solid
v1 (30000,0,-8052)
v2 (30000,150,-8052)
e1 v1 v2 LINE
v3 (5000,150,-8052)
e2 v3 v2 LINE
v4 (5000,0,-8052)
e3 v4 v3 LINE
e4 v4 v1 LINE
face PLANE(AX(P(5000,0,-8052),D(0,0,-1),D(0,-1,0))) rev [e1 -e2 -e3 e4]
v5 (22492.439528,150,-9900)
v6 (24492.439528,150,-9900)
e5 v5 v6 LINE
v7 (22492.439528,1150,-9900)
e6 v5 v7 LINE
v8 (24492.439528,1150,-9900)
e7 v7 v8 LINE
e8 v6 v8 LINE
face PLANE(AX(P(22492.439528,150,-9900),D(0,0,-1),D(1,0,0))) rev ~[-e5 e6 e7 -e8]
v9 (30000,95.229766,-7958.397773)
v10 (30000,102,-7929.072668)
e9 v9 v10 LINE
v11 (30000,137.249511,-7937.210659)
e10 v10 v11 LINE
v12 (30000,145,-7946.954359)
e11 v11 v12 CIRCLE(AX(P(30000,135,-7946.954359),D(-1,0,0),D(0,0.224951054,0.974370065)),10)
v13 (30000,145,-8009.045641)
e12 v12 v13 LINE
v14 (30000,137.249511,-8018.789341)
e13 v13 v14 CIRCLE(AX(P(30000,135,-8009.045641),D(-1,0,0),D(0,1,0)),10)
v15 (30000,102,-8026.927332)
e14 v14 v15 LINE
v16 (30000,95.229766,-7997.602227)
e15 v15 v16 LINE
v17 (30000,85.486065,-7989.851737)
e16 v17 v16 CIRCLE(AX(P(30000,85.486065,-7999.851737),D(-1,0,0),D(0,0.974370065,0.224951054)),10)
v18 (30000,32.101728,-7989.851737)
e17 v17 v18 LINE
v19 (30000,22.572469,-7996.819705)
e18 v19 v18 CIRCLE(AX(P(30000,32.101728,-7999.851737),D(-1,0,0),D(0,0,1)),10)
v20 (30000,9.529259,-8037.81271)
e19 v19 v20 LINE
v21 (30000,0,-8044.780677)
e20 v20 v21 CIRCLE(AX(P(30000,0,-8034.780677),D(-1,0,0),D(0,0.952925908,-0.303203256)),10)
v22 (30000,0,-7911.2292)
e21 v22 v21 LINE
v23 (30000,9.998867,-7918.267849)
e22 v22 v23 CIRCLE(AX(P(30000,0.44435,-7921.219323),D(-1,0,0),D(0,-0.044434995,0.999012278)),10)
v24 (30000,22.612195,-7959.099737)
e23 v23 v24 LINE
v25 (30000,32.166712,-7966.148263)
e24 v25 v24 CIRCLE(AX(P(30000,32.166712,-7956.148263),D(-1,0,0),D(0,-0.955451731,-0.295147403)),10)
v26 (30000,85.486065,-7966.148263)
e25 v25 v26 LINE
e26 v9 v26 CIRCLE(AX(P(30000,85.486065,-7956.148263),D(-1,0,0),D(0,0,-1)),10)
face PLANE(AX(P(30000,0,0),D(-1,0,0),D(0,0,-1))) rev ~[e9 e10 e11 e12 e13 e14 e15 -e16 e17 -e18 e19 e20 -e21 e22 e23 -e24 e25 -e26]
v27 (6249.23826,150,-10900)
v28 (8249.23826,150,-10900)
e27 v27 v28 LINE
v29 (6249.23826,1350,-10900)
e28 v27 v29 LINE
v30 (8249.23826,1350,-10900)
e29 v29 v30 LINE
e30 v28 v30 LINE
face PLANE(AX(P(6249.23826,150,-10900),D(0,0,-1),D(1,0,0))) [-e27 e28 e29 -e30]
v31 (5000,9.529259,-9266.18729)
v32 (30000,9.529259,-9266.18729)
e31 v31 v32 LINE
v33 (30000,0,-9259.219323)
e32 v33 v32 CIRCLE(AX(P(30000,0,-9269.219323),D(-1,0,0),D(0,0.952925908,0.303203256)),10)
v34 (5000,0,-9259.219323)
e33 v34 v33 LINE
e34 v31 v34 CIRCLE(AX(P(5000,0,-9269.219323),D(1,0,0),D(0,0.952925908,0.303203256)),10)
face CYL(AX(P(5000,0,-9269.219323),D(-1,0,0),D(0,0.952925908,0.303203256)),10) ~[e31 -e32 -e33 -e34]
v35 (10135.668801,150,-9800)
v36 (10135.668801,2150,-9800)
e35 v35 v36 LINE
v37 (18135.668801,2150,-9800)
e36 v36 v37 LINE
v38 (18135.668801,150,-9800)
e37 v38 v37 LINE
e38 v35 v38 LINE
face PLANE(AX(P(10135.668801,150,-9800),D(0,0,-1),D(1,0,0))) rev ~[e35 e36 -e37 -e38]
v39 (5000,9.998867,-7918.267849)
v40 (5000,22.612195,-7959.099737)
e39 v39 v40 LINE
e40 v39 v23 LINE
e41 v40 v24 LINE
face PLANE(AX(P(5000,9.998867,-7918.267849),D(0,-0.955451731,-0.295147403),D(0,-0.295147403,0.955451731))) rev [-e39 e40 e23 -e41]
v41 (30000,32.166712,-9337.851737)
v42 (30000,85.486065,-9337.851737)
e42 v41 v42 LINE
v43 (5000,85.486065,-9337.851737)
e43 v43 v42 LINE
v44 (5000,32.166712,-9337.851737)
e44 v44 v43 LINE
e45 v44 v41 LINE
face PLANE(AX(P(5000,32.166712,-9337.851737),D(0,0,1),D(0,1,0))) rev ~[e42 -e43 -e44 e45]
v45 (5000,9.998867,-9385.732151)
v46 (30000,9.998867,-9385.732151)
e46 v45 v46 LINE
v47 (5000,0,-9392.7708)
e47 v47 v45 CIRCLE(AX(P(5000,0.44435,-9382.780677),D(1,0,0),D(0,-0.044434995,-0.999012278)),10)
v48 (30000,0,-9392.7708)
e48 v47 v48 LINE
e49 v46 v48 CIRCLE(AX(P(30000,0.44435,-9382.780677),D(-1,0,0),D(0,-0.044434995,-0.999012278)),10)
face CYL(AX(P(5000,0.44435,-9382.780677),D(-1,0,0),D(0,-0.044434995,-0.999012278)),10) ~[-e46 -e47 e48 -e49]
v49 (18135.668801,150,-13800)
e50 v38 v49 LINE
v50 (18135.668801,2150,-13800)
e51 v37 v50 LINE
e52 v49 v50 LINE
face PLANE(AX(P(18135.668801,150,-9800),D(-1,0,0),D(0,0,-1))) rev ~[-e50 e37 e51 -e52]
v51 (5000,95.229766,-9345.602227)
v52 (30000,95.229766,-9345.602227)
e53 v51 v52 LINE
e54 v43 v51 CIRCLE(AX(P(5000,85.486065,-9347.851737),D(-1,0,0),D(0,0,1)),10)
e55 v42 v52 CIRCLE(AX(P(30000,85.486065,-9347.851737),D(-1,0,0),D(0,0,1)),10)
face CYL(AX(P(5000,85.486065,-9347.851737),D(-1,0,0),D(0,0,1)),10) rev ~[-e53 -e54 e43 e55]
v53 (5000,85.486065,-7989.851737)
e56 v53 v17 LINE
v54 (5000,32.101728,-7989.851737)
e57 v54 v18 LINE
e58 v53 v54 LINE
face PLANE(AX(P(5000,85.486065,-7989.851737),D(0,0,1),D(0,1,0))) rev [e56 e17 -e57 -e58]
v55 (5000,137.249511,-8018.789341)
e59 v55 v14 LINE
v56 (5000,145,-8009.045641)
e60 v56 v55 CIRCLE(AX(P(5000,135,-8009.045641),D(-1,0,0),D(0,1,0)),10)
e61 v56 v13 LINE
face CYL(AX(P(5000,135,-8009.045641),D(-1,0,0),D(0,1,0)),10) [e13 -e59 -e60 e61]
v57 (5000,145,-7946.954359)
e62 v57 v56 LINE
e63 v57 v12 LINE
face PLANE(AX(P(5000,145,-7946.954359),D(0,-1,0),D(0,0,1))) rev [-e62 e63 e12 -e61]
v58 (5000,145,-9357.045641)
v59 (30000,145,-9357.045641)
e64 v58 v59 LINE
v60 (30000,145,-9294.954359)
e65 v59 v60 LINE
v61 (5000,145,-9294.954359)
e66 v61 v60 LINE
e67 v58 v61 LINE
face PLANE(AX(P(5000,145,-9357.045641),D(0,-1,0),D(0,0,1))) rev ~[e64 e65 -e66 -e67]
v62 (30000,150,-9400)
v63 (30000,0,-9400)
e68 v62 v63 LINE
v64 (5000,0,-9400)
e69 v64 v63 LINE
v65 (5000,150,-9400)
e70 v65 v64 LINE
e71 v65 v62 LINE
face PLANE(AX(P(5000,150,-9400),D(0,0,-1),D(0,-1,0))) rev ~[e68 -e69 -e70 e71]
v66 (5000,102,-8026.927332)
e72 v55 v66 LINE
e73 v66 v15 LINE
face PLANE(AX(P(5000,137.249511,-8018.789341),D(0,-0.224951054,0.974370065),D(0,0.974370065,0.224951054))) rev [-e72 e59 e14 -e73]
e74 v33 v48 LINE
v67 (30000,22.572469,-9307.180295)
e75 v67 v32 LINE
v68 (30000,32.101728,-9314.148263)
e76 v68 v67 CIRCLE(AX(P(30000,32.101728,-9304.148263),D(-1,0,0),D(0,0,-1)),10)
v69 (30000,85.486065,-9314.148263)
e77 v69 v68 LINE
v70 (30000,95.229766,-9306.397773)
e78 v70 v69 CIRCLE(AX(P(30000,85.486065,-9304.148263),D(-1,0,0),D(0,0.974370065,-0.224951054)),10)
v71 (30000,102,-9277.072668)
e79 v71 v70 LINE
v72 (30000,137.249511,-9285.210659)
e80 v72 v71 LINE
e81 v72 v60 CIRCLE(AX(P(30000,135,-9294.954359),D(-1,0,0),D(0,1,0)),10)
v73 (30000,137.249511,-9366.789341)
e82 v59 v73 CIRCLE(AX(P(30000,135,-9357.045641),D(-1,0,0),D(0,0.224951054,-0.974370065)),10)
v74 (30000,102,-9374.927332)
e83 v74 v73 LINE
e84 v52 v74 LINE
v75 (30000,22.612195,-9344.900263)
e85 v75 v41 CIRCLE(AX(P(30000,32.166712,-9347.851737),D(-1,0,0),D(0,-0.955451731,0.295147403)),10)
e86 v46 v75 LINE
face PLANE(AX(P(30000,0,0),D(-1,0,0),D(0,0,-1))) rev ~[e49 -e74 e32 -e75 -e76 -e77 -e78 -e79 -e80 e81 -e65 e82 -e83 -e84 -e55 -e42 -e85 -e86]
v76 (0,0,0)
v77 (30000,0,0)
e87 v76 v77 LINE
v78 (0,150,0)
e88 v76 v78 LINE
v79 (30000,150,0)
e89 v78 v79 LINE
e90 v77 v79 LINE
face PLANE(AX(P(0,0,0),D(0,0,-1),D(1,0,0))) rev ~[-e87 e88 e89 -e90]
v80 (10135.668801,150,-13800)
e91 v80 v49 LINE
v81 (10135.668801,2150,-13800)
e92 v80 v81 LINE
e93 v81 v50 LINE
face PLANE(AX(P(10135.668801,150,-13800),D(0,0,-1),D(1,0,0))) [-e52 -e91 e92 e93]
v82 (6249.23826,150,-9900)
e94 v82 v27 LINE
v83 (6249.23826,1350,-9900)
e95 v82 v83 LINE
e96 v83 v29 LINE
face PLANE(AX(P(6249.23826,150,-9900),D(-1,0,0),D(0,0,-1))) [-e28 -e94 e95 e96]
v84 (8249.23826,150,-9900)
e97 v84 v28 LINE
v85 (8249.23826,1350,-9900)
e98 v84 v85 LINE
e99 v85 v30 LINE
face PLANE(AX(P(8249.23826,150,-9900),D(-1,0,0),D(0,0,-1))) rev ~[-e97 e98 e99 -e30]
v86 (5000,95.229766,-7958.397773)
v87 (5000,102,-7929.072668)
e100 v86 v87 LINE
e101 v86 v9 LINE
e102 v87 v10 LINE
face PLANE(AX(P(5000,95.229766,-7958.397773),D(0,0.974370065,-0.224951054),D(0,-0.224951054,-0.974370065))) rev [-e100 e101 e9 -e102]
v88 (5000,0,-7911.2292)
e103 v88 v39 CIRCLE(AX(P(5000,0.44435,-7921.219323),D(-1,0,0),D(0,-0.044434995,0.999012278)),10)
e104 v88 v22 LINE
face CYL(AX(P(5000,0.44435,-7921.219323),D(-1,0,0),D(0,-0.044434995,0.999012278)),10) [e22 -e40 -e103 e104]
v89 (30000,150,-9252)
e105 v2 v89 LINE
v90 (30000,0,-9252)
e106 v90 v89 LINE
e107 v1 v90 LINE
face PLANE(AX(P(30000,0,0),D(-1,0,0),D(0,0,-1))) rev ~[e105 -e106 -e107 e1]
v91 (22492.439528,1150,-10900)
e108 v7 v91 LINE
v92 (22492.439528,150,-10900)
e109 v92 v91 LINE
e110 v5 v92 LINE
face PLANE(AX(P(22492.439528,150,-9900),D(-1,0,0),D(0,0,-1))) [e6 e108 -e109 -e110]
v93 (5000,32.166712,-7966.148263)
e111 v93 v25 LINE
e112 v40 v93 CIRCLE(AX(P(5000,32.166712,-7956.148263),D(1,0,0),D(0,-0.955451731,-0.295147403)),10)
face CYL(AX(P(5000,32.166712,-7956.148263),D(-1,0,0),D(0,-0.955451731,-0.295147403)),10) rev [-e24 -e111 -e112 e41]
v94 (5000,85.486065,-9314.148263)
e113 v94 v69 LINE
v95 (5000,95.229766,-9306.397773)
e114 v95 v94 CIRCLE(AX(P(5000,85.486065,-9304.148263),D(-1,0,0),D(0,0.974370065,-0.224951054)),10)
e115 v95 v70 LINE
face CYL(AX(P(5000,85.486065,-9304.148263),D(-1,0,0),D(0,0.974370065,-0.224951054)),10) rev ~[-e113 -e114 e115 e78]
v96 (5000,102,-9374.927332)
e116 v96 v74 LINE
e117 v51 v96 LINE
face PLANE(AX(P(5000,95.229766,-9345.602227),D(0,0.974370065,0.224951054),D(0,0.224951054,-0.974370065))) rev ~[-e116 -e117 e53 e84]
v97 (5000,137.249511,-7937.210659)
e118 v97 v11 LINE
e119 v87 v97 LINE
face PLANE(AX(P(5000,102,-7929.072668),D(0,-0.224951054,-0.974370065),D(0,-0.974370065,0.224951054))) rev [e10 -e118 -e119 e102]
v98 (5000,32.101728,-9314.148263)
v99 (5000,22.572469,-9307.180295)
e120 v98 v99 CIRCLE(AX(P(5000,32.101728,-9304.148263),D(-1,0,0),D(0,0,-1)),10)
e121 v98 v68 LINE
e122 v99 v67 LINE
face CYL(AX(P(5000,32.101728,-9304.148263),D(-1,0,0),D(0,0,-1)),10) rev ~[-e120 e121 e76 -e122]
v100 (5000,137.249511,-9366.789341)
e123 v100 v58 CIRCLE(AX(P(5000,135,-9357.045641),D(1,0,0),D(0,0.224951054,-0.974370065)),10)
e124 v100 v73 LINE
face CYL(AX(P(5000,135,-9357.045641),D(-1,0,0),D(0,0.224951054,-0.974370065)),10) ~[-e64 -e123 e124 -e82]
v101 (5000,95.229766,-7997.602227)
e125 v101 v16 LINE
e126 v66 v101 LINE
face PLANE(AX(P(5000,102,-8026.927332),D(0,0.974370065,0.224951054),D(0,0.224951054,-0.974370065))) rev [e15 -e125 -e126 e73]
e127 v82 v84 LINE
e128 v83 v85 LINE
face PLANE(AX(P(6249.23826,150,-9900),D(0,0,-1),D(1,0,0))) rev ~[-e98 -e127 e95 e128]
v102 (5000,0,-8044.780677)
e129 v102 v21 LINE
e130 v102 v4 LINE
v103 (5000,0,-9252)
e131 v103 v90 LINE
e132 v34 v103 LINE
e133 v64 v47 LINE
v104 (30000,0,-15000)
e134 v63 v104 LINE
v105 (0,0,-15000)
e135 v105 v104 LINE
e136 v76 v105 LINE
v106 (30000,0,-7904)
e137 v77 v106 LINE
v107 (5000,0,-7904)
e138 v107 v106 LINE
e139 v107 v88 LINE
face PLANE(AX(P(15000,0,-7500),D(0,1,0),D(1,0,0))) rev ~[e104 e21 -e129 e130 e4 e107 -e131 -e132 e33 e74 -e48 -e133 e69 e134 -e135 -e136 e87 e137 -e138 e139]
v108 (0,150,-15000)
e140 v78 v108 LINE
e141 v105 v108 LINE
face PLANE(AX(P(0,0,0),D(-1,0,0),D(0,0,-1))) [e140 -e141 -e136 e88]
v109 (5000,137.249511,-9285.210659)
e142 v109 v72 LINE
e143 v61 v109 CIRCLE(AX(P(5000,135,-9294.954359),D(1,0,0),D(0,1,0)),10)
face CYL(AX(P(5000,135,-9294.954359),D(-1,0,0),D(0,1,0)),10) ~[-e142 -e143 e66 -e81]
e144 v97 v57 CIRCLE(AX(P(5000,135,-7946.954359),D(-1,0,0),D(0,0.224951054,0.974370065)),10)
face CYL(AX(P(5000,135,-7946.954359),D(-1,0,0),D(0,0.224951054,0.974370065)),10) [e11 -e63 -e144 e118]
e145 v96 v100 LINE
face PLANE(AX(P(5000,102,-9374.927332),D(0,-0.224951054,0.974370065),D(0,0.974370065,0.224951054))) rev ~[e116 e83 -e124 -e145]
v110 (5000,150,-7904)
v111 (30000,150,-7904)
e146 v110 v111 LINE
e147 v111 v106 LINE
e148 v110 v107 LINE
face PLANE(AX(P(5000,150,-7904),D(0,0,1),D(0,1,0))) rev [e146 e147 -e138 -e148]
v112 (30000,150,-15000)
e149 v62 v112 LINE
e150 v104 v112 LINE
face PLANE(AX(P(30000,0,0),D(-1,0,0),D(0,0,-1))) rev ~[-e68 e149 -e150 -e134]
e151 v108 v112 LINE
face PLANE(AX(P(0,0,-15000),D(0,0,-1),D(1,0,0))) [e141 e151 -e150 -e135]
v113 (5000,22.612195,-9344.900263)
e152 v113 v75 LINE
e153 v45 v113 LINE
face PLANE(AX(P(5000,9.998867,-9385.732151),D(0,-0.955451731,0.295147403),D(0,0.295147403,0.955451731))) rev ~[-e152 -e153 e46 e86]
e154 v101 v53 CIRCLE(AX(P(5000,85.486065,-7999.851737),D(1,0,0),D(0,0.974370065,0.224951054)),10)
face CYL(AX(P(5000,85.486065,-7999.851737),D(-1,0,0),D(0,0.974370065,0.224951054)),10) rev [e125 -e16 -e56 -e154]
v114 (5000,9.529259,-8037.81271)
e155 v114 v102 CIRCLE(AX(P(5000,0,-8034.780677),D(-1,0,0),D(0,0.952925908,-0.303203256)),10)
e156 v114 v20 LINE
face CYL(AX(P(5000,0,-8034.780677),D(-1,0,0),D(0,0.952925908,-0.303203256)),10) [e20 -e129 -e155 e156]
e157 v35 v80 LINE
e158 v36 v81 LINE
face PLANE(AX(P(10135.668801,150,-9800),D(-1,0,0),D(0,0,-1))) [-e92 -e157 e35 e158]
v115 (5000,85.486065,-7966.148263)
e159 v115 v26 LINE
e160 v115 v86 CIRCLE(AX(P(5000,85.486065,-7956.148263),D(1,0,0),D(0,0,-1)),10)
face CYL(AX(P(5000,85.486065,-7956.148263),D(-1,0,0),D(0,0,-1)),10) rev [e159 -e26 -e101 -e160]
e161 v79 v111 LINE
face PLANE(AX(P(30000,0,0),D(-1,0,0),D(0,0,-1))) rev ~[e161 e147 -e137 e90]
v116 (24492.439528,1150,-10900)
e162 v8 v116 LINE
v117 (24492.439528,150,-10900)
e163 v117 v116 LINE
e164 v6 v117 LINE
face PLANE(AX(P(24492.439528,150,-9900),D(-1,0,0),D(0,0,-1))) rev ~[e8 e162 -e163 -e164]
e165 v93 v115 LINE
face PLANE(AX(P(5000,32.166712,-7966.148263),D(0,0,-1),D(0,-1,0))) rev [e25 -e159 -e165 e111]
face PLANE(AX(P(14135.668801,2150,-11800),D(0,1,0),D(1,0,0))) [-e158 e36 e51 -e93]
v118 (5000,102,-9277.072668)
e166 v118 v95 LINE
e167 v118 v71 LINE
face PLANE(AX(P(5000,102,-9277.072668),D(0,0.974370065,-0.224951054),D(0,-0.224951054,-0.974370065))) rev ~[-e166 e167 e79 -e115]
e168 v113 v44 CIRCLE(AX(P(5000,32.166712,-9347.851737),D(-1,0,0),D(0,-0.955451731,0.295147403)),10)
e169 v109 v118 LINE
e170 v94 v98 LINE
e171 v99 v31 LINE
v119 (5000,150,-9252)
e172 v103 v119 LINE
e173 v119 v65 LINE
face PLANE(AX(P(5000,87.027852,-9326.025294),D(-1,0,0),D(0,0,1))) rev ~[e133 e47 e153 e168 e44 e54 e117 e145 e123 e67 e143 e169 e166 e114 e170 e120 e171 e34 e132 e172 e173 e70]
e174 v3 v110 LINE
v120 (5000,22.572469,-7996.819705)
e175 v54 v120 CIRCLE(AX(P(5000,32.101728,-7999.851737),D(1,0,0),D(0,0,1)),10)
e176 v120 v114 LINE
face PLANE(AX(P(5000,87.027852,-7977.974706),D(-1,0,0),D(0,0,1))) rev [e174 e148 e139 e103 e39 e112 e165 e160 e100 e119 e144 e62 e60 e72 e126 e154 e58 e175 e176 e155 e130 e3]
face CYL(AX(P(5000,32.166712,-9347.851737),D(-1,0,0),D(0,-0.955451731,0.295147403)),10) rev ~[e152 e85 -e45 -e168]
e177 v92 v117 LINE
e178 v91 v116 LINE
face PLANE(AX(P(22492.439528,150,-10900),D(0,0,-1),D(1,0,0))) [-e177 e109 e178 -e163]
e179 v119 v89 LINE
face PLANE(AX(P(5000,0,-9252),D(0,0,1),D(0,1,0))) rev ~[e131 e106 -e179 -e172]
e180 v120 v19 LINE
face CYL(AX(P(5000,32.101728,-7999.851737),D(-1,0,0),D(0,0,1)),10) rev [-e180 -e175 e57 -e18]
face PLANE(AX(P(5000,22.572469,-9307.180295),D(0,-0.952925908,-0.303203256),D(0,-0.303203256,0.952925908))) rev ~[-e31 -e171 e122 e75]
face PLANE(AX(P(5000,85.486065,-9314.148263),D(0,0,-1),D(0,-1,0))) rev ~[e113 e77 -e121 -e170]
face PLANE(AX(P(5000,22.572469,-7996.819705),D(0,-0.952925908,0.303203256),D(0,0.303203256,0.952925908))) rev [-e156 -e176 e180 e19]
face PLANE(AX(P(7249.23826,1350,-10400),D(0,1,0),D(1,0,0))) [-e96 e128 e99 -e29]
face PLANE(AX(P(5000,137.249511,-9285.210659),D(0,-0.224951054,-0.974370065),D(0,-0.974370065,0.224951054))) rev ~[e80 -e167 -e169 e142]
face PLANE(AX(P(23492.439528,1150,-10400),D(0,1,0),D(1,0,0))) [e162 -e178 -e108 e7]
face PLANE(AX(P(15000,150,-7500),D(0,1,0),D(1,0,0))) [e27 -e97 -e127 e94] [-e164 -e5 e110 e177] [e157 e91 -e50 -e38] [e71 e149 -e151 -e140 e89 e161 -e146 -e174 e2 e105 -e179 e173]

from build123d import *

# Parameters (mm, degrees)
SKETCH1_W           = 30000
SKETCH1_H           = 15000
BOSS_EXTRUDE3_DEPTH = 150
CUT_EXTRUDE1_DEPTH  = 150000
SKETCH4_W           = 2000
SKETCH4_H           = 1000
BOSS_EXTRUDE4_DEPTH = 1200
SKETCH7_W           = 2000
SKETCH7_H           = 1000
BOSS_EXTRUDE5_DEPTH = 1000
SKETCH8_W           = 8000
SKETCH8_H           = 4000
BOSS_EXTRUDE6_DEPTH = 2000


with BuildPart() as part:
    # Sketch1 → Boss-Extrude3 (new body)
    with BuildSketch(Plane(origin=(0, 0, 0), x_dir=(1, 0, 0), z_dir=(0, 1, 0))):
        with Locations((15000, 7500)):
            Rectangle(SKETCH1_W, SKETCH1_H)
    extrude(amount=BOSS_EXTRUDE3_DEPTH)

    # Sketch3 → Cut-Extrude1 (cut)
    with BuildSketch(Plane.ZY.offset(-5000)):
        with BuildLine():
            Line((-9252, 150), (-9400, 150))
            Line((-9400, 150), (-9400, 0))
            Line((-9400, 0), (-9392.770799758, 0))
            ThreePointArc((-9392.770799758, 0), (-9390.957813925, 6.200601455), (-9385.73215101, 9.998867262))
            Line((-9385.73215101, 9.998867262), (-9344.900263202, 22.612194817))
            ThreePointArc((-9344.900263202, 22.612194817), (-9339.804540817, 26.230161795), (-9337.851737232, 32.166712128))
            Line((-9337.851737232, 32.166712128), (-9337.851737232, 85.486065284))
            ThreePointArc((-9337.851737232, 85.486065284), (-9340.025655664, 91.71121165), (-9345.602226689, 95.229765932))
            Line((-9345.602226689, 95.229765932), (-9374.927332218, 102))
            Line((-9374.927332218, 102), (-9366.789341481, 137.249510543))
            ThreePointArc((-9366.789341481, 137.249510543), (-9363.2707872, 142.826081569), (-9357.045640833, 145))
            Line((-9357.045640833, 145), (-9294.954359167, 145))
            ThreePointArc((-9294.954359167, 145), (-9288.7292128, 142.826081569), (-9285.210658519, 137.249510543))
            Line((-9285.210658519, 137.249510543), (-9277.072667782, 102))
            Line((-9277.072667782, 102), (-9306.397773311, 95.229765932))
            ThreePointArc((-9306.397773311, 95.229765932), (-9311.974344336, 91.71121165), (-9314.148262768, 85.486065284))
            Line((-9314.148262768, 85.486065284), (-9314.148262768, 32.101727948))
            ThreePointArc((-9314.148262768, 32.101727948), (-9312.220447279, 26.199199912), (-9307.180295324, 22.57246887))
            Line((-9307.180295324, 22.57246887), (-9266.187290464, 9.529259078))
            ThreePointArc((-9266.187290464, 9.529259078), (-9261.147138509, 5.902528036), (-9259.21932302, 0))
            Line((-9259.21932302, 0), (-9252, 0))
            Line((-9252, 0), (-9252, 150))
        make_face()
    cut_extrude1 = extrude(amount=-CUT_EXTRUDE1_DEPTH, mode=Mode.SUBTRACT)

    # Mirror1: Cut-Extrude1 across plane
    add(cut_extrude1.mirror(Plane.XY.offset(-8652)), mode=Mode.SUBTRACT)

    # Sketch4 → Boss-Extrude4 (add)
    with BuildSketch(Plane(origin=(0, 150, 0), x_dir=(1, 0, 0), z_dir=(0, 1, 0))):
        with Locations((7249.238259699, 10400)):
            Rectangle(SKETCH4_W, SKETCH4_H)
    extrude(amount=BOSS_EXTRUDE4_DEPTH)

    # Sketch7 → Boss-Extrude5 (add)
    with BuildSketch(Plane(origin=(0, 150, 0), x_dir=(1, 0, 0), z_dir=(0, 1, 0))):
        with Locations((23492.439527583, 10400)):
            Rectangle(SKETCH7_W, SKETCH7_H)
    extrude(amount=BOSS_EXTRUDE5_DEPTH)

    # Sketch8 → Boss-Extrude6 (add)
    with BuildSketch(Plane(origin=(0, 150, 0), x_dir=(1, 0, 0), z_dir=(0, 1, 0))):
        with Locations((14135.668801115, 11800)):
            Rectangle(SKETCH8_W, SKETCH8_H)
    extrude(amount=BOSS_EXTRUDE6_DEPTH)


solid = part.part
